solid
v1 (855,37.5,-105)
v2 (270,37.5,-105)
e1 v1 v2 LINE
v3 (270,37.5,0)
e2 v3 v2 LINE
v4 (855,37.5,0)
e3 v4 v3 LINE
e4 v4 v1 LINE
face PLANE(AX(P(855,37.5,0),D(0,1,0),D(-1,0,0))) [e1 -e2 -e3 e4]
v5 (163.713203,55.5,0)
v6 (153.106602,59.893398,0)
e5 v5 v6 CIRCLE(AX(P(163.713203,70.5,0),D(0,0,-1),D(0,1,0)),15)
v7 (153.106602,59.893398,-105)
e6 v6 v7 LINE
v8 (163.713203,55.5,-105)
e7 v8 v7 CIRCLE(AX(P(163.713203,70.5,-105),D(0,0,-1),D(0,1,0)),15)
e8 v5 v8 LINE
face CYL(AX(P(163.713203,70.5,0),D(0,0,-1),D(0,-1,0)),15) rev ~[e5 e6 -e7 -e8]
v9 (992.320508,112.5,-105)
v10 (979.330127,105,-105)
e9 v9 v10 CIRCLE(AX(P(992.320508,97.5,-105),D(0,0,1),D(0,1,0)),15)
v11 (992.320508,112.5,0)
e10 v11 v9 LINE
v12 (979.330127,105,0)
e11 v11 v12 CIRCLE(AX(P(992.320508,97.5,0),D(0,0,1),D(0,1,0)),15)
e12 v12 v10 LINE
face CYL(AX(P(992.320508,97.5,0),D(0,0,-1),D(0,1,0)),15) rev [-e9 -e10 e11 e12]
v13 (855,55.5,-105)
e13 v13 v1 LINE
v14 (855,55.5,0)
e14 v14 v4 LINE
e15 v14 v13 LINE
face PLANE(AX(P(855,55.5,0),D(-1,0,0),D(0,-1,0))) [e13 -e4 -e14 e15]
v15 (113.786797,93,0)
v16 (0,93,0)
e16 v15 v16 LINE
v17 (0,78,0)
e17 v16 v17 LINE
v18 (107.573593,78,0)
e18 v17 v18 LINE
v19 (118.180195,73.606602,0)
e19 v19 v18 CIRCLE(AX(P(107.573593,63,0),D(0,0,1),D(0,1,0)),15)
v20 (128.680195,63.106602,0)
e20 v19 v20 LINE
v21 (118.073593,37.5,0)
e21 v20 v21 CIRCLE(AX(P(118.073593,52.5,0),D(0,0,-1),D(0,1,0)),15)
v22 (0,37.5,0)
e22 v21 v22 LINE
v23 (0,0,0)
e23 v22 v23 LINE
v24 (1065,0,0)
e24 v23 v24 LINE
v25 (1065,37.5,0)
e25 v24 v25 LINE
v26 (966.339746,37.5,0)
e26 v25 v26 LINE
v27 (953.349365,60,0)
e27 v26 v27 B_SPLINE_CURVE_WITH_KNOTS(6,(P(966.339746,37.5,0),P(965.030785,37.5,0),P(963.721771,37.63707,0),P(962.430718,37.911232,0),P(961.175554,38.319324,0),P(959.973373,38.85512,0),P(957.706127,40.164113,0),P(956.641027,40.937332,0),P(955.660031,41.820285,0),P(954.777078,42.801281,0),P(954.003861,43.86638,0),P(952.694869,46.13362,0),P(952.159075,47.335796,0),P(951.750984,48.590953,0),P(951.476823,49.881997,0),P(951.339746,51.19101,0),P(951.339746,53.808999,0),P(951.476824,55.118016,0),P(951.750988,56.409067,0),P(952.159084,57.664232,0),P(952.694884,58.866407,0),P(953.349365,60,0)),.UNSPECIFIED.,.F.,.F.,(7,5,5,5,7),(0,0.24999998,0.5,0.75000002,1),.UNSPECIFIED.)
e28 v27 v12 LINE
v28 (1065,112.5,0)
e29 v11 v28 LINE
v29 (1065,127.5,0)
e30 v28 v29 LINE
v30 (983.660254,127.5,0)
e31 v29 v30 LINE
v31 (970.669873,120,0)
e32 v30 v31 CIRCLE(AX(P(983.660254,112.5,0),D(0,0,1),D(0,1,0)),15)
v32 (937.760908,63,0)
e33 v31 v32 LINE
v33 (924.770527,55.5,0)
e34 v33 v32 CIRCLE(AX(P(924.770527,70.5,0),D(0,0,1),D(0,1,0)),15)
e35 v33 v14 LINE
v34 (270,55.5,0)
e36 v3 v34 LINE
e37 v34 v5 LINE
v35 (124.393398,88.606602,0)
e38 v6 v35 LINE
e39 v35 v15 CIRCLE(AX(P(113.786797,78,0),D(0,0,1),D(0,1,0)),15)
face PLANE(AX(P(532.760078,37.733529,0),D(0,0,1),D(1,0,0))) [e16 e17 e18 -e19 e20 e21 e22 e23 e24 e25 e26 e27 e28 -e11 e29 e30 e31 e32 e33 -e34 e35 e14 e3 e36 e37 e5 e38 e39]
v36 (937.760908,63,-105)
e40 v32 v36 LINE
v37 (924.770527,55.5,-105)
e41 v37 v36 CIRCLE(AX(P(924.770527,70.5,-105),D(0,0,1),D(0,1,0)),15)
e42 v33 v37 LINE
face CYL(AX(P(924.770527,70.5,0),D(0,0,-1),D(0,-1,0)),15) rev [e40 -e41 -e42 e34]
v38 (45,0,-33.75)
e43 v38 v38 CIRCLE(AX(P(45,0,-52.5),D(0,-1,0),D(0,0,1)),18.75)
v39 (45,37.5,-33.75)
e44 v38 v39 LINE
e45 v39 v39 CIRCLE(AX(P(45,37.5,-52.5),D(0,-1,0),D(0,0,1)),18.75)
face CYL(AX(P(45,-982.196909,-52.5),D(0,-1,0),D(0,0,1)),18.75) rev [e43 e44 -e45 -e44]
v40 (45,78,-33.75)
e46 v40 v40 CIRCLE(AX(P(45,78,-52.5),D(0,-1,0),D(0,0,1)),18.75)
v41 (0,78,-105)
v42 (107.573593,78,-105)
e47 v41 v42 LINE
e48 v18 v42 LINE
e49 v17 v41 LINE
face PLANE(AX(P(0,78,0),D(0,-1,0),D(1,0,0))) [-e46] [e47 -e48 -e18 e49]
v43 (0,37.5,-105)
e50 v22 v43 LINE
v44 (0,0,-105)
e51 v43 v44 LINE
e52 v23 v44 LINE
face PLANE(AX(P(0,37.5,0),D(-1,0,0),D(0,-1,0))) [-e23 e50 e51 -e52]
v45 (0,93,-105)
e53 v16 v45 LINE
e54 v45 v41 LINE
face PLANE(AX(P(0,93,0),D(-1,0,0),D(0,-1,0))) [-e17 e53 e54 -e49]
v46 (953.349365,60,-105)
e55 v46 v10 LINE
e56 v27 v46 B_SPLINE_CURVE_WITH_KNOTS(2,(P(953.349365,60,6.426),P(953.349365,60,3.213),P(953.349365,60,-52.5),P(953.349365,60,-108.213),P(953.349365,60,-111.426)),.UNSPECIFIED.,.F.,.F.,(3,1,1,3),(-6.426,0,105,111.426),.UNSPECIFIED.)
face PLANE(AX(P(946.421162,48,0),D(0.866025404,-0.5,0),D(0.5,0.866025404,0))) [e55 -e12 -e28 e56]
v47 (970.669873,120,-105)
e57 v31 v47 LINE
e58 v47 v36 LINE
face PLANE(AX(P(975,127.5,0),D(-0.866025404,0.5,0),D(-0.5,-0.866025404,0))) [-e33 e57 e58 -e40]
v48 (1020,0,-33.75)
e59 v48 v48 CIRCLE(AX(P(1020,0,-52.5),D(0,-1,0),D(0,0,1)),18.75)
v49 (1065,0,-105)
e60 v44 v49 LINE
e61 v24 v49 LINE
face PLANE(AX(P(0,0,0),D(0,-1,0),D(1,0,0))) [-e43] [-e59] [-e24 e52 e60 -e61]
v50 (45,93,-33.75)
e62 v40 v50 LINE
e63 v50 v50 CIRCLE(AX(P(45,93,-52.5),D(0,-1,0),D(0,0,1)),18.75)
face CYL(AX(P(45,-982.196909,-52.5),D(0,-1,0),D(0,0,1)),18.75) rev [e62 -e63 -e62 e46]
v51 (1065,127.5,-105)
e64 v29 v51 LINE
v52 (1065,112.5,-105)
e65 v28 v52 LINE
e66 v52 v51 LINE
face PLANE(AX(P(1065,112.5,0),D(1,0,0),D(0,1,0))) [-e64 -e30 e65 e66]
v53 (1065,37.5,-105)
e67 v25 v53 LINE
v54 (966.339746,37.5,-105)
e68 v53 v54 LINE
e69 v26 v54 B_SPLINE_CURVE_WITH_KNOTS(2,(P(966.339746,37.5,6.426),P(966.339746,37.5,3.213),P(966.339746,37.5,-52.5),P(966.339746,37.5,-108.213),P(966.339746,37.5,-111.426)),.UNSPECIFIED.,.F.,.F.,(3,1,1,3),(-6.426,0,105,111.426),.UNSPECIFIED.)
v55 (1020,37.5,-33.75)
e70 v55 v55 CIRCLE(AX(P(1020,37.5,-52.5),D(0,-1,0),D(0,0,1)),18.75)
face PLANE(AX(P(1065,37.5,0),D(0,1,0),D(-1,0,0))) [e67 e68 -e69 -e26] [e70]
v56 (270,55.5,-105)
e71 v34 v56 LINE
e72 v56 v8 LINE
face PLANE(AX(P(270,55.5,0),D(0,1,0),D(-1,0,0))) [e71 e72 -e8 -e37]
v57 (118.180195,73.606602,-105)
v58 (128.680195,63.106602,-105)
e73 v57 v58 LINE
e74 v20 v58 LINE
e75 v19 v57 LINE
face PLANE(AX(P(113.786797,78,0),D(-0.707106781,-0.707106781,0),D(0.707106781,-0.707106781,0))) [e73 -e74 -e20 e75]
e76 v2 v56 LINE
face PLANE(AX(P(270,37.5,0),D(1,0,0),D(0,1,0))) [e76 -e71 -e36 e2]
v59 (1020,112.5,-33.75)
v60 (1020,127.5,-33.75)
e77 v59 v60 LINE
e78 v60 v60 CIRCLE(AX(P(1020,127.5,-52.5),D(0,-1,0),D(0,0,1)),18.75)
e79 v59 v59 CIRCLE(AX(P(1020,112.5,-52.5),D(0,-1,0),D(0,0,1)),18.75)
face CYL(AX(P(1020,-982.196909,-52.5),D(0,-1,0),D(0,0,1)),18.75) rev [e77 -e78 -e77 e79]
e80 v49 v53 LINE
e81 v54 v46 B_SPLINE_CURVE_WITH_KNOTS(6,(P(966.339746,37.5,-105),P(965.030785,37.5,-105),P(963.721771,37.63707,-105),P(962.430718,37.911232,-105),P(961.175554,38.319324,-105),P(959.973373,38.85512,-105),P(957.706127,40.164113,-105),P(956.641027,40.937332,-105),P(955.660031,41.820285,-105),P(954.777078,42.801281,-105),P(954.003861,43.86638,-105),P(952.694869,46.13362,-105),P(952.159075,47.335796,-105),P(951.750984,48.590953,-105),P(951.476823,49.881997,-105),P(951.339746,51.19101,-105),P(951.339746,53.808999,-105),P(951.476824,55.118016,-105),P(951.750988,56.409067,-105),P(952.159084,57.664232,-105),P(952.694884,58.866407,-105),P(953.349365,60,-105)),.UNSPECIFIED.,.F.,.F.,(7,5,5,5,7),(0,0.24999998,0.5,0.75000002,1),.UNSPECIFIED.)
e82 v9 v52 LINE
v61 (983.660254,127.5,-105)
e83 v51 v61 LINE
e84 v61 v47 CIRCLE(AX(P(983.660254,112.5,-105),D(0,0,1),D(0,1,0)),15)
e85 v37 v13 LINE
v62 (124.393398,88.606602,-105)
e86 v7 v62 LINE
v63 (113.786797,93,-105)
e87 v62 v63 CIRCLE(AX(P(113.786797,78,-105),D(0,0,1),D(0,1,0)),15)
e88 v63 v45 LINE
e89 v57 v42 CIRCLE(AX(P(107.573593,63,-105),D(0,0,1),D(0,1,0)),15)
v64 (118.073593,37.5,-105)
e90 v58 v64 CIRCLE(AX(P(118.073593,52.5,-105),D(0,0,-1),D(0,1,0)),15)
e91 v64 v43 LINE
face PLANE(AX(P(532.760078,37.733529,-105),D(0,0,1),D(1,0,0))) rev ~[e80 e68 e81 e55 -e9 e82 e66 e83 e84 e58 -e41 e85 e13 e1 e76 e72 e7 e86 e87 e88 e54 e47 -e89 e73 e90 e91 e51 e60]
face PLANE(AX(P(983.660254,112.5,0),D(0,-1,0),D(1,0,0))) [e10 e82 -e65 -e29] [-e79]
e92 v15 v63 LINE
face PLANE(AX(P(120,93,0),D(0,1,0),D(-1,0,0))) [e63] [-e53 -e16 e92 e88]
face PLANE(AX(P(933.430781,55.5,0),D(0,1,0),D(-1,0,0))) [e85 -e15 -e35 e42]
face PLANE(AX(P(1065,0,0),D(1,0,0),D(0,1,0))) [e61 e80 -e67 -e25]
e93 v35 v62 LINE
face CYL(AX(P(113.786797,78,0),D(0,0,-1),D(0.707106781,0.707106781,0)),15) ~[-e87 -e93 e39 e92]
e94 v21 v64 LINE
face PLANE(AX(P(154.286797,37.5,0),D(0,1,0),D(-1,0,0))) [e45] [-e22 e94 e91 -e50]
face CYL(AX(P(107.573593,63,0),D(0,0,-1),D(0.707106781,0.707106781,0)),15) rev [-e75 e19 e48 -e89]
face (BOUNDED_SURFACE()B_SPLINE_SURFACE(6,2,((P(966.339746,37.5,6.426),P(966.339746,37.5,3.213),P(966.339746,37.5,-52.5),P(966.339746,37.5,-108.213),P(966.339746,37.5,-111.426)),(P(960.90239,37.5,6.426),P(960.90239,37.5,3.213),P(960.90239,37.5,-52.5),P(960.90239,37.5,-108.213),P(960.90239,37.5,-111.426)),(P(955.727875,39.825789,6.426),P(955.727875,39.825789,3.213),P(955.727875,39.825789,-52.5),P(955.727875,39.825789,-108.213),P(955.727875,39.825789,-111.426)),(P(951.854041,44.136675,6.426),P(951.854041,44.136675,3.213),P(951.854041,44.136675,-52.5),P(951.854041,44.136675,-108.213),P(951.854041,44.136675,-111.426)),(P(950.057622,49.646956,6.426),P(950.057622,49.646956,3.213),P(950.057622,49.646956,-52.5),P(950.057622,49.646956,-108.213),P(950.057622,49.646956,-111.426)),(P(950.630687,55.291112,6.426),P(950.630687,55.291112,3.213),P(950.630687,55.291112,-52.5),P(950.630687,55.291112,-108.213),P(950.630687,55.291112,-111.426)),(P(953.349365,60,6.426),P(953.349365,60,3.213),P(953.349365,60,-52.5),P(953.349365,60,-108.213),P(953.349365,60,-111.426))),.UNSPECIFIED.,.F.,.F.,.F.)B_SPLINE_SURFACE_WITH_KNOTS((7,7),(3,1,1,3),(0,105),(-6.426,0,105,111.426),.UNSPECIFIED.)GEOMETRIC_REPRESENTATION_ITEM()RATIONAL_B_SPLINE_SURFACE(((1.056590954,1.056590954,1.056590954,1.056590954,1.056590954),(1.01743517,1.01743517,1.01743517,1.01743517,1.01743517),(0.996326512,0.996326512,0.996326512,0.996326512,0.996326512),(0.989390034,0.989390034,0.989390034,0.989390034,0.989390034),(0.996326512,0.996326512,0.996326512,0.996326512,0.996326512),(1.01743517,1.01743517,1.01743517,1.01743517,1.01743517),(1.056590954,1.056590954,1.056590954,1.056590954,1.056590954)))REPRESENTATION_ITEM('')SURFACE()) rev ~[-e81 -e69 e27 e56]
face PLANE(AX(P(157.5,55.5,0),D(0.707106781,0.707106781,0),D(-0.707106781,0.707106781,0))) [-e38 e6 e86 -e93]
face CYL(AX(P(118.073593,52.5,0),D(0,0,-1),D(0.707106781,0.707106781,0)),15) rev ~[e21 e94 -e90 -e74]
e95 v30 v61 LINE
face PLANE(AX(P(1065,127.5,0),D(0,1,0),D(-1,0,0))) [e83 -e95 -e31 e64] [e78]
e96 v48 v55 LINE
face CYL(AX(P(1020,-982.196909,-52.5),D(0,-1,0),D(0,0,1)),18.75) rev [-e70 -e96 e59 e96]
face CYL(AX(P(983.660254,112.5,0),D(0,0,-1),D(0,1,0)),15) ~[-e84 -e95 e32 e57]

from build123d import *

# Parameters (mm, degrees)
BOSS_EXTRUDE3_DEPTH     = 105
FILLET4_R               = 15
FILLET5_R               = 15
FILLET6_R               = 15
FILLET7_R               = 15
FILLET8_R               = 15
CUT_EXTRUDE3_DEPTH      = 1075.196909441
CUT_EXTRUDE3_DEPTH_BACK = 1075.196909441
SKETCH2_R               = 18.75


with BuildPart() as part:
    # Sketch1 → Boss-Extrude3 (new body)
    with BuildSketch(Plane.XY):
        Polygon((0, 93), (0, 78), (113.786796564, 78), (154.286796564, 37.5), (0, 37.5), (0, 0), (1065, 0), (1065, 37.5), (940.922649001, 37.5), (946.421161675, 48), (983.660254038, 112.5), (1065, 112.5), (1065, 127.5), (975, 127.5), (933.430780618, 55.5), (855, 55.5), (855, 37.5), (270, 37.5), (270, 55.5), (157.5, 55.5), (120, 93), align=None)
    extrude(amount=-BOSS_EXTRUDE3_DEPTH)

    # Fillet4
    fillet4_edges = [part.edges().sort_by_distance(p)[0] for p in [
        (157.5, 55.5, -52.5),
        (120, 93, -52.5),
        (940.922649001, 37.5, -52.5),
        (975, 127.5, -52.5),
    ]]
    fillet(fillet4_edges, radius=FILLET4_R)

    # Fillet5
    fillet5_edges = [part.edges().sort_by_distance(p)[0] for p in [
        (113.786796564, 78, -52.5),
    ]]
    fillet(fillet5_edges, radius=FILLET5_R)

    # Fillet6
    fillet6_edges = [part.edges().sort_by_distance(p)[0] for p in [
        (154.286796564, 37.5, -52.5),
    ]]
    fillet(fillet6_edges, radius=FILLET6_R)

    # Fillet7
    fillet7_edges = [part.edges().sort_by_distance(p)[0] for p in [
        (933.430780618, 55.5, -52.5),
    ]]
    fillet(fillet7_edges, radius=FILLET7_R)

    # Fillet8
    fillet8_edges = [part.edges().sort_by_distance(p)[0] for p in [
        (983.660254038, 112.5, -52.5),
    ]]
    fillet(fillet8_edges, radius=FILLET8_R)

    # Sketch2 → Cut-Extrude3 (cut, two sides: drawn at the far end of the back side and taken through both)
    with BuildSketch(Plane(origin=(0, 93, 0), x_dir=(1, 0, 0), z_dir=(0, 1, 0)).offset(-CUT_EXTRUDE3_DEPTH_BACK)):
        with Locations(Location((45, 52.5, 0), (0, 0, 270))):
            Circle(SKETCH2_R)
        with Locations(Location((1020, 52.5, 0), (0, 0, 270))):
            Circle(SKETCH2_R)
    extrude(amount=CUT_EXTRUDE3_DEPTH + CUT_EXTRUDE3_DEPTH_BACK, mode=Mode.SUBTRACT)


solid = part.part
